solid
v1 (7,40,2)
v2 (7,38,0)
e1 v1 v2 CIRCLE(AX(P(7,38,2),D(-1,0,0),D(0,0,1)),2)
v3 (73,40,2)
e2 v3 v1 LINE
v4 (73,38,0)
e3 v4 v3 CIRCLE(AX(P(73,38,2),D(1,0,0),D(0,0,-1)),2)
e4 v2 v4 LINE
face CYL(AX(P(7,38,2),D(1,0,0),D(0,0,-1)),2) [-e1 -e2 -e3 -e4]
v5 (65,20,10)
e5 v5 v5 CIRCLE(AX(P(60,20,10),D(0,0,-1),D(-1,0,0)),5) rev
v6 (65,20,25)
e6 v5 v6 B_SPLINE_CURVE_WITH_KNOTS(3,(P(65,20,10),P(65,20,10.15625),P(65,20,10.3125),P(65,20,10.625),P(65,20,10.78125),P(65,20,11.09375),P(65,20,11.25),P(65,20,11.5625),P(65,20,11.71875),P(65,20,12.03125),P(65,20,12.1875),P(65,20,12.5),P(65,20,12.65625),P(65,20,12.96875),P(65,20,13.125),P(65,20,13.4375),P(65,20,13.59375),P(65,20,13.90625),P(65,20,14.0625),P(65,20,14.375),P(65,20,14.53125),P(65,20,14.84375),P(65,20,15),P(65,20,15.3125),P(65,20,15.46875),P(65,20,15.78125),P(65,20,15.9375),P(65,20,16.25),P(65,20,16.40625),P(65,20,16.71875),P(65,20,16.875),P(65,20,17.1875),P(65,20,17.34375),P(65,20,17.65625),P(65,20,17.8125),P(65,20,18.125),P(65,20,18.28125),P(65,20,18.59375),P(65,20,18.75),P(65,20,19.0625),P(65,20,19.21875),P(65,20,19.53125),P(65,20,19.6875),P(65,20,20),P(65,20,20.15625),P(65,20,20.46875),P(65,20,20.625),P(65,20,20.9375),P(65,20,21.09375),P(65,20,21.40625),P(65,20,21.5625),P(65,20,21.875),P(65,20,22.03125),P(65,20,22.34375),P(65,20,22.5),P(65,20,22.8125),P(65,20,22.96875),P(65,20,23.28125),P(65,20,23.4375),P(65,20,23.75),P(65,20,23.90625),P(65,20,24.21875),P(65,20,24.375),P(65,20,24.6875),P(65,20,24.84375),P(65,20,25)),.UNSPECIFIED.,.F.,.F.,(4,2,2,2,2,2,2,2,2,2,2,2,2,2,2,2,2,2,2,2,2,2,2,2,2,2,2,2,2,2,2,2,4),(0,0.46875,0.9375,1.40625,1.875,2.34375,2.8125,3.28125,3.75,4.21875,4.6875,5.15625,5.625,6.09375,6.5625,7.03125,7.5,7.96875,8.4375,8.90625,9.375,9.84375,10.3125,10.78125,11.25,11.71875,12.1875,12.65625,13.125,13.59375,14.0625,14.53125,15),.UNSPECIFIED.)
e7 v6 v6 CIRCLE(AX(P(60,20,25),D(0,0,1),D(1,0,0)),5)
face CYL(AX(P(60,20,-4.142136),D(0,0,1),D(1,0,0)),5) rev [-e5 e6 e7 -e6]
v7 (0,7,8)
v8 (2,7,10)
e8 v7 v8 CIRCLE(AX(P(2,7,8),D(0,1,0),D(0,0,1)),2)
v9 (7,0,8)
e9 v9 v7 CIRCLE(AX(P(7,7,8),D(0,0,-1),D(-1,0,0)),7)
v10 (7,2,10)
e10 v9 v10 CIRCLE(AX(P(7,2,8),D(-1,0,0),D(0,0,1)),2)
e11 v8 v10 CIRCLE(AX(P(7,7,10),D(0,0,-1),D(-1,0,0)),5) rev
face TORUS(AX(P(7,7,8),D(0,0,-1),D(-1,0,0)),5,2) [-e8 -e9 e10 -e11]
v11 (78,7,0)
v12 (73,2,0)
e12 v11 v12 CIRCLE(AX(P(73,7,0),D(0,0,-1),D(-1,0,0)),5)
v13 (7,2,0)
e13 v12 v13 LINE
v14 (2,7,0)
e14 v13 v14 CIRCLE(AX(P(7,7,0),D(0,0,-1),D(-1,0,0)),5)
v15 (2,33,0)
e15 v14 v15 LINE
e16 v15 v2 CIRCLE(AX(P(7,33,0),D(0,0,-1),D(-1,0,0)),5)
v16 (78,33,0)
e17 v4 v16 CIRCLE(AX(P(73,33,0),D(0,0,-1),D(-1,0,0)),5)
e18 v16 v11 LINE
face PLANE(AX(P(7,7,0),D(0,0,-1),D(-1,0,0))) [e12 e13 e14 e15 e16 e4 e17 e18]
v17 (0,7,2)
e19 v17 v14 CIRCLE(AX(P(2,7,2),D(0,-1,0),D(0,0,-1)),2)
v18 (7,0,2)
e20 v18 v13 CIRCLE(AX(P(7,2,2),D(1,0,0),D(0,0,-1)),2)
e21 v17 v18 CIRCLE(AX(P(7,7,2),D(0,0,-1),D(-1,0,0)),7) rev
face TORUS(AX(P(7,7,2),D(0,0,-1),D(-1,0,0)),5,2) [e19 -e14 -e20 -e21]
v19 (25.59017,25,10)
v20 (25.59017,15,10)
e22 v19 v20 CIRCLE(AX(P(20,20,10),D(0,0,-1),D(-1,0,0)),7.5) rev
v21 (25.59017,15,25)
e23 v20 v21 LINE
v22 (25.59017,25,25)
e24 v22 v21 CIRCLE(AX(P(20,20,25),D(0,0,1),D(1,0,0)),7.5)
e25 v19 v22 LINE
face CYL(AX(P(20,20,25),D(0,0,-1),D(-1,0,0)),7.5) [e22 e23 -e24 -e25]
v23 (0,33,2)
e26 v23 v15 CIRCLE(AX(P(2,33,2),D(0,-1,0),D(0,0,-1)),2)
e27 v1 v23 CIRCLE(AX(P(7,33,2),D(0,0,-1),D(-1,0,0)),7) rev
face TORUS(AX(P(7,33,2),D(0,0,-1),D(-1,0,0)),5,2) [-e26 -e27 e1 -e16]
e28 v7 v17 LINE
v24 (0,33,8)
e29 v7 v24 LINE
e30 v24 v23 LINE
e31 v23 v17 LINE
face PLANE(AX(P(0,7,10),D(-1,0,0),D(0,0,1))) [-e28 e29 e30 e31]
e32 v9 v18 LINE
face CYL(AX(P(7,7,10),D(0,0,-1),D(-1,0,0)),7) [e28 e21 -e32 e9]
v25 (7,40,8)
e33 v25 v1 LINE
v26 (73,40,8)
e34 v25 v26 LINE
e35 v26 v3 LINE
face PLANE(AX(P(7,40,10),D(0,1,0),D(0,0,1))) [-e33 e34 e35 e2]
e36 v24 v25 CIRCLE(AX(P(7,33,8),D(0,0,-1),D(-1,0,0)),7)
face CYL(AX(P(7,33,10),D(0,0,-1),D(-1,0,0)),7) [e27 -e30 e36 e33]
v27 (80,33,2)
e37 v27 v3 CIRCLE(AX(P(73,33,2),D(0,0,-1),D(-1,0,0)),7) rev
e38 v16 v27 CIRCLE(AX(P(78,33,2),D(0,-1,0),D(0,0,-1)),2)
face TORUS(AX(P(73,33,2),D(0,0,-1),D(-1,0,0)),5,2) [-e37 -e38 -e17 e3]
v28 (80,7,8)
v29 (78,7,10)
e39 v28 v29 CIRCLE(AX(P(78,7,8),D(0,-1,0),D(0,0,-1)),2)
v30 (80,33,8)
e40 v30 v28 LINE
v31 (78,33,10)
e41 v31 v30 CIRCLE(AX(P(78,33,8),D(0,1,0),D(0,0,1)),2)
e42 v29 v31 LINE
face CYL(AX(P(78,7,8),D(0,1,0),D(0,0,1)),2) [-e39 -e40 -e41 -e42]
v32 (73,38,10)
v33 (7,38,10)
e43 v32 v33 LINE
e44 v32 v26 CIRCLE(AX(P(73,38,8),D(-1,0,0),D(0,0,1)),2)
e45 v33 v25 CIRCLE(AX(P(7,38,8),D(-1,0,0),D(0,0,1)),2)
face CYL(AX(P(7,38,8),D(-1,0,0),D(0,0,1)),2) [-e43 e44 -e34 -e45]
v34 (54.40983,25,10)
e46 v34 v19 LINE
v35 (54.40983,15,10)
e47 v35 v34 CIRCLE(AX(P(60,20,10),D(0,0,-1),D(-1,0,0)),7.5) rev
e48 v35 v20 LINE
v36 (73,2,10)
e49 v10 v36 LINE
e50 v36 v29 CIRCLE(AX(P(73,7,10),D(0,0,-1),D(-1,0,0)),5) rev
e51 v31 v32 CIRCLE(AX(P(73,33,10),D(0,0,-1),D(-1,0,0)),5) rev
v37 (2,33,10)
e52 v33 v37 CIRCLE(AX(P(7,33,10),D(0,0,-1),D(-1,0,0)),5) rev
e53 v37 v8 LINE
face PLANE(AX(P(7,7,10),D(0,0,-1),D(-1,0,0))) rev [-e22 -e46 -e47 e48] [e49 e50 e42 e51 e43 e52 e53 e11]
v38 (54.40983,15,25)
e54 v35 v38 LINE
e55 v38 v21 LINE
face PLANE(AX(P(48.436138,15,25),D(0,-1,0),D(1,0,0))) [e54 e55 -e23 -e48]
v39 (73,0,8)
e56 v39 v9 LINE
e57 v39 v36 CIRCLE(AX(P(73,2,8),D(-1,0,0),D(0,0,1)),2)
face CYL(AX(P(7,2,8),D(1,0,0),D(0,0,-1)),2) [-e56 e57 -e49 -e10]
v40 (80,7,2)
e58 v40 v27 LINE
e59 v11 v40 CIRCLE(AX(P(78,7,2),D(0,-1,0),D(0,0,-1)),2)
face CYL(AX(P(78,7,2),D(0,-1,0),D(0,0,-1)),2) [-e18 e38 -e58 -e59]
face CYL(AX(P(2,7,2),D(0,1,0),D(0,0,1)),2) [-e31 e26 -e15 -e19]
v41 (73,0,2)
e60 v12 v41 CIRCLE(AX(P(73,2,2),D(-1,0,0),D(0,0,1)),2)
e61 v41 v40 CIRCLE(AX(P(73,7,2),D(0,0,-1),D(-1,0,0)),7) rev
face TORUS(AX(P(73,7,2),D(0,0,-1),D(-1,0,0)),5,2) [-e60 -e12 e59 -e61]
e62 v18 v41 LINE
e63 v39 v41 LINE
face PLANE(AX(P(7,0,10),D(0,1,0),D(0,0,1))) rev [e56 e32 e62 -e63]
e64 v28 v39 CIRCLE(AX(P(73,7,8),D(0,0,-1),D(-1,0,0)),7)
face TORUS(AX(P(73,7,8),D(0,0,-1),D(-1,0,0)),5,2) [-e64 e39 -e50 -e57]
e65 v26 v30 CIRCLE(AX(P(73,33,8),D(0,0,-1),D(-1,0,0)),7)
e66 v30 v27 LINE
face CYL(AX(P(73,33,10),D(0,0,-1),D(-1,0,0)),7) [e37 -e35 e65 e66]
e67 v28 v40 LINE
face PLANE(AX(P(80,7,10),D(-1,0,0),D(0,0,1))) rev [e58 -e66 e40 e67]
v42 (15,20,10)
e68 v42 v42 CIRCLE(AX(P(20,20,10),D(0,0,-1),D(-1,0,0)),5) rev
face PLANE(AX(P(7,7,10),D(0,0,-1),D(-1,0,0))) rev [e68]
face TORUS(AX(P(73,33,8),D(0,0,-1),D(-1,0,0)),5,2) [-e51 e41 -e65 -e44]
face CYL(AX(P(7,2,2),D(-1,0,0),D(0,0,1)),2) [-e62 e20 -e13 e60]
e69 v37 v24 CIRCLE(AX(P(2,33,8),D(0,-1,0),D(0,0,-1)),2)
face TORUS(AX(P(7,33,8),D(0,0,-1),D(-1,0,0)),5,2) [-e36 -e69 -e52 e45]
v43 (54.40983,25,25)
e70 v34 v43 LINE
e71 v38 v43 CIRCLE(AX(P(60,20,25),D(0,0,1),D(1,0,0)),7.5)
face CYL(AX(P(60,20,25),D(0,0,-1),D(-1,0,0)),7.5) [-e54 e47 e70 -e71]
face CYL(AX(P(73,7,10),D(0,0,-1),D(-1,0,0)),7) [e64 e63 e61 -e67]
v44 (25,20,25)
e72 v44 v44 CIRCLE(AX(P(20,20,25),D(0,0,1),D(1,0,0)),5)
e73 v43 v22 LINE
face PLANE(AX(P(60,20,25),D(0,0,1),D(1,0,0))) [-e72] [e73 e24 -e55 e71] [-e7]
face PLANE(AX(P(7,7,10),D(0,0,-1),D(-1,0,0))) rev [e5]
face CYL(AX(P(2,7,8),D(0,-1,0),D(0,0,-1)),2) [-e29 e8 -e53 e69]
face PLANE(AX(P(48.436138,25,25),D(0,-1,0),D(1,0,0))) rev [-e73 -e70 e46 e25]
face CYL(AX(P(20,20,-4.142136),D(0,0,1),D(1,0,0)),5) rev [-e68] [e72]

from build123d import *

# Parameters (mm, degrees)
BOSS_EXTRUDE1_DEPTH = 10
FILLET1_R           = 2
FILLET2_R           = 2
SKETCH2_R           = 7.5
BOSS_EXTRUDE3_DEPTH = 15
SKETCH3_R           = 5
CUT_EXTRUDE1_DEPTH  = 15
SKETCH4_R           = 5
CUT_EXTRUDE2_DEPTH  = 15
RIB1_REACH          = 94.871
SKETCH5_WALLS_W     = 202.74175621
SKETCH5_WALLS_H     = 10


with BuildPart() as part:
    # Sketch1 → Boss-Extrude1 (new body)
    with BuildSketch(Plane.XY):
        with BuildLine():
            Line((7, 0), (73, 0))
            ThreePointArc((73, 0), (77.949747468, 2.050252532), (80, 7))
            Line((80, 7), (80, 33))
            ThreePointArc((80, 33), (77.949747468, 37.949747468), (73, 40))
            Line((73, 40), (7, 40))
            ThreePointArc((7, 40), (2.050252532, 37.949747468), (0, 33))
            Line((0, 33), (0, 7))
            ThreePointArc((0, 7), (2.050252532, 2.050252532), (7, 0))
        make_face()
    extrude(amount=BOSS_EXTRUDE1_DEPTH)

    # Fillet1
    fillet1_edges = [part.edges().sort_by_distance(p)[0] for p in [
        (40, 40, 0),
        (2.050252532, 37.949747468, 0),
        (0, 20, 0),
        (2.050252532, 2.050252532, 0),
        (40, 0, 0),
        (77.949747468, 2.050252532, 0),
        (80, 20, 0),
        (77.949747468, 37.949747468, 0),
    ]]
    fillet(fillet1_edges, radius=FILLET1_R)

    # Fillet2
    fillet2_edges = [part.edges().sort_by_distance(p)[0] for p in [
        (2.050252532, 37.949747468, 10),
        (40, 40, 10),
        (77.949747468, 37.949747468, 10),
        (80, 20, 10),
        (77.949747468, 2.050252532, 10),
        (40, 0, 10),
        (2.050252532, 2.050252532, 10),
        (0, 20, 10),
    ]]
    fillet(fillet2_edges, radius=FILLET2_R)

    # Sketch2 → Boss-Extrude3 (add)
    with BuildSketch(Plane.XY.offset(10)):
        with Locations(Location((20, 20, 0), (0, 0, 180))):
            Circle(SKETCH2_R)
        with Locations(Location((60, 20, 0), (0, 0, 180))):
            Circle(SKETCH2_R)
    extrude(amount=BOSS_EXTRUDE3_DEPTH)

    # Sketch3 → Cut-Extrude1 (cut)
    with BuildSketch(Plane.XY.offset(25)):
        with Locations((20, 20)):
            Circle(SKETCH3_R)
    extrude(amount=-CUT_EXTRUDE1_DEPTH, mode=Mode.SUBTRACT)

    # Sketch4 → Cut-Extrude2 (cut)
    with BuildSketch(Plane.XY.offset(25)):
        with Locations((60, 20)):
            Circle(SKETCH4_R)
    extrude(amount=-CUT_EXTRUDE2_DEPTH, mode=Mode.SUBTRACT)

    # Sketch5 walls → Rib1 (add, up to next)
    with BuildSketch(Plane.XY.offset(25), mode=Mode.PRIVATE) as rib1_sk1:
        with Locations((40.936137708, 20)):
            Rectangle(SKETCH5_WALLS_W, SKETCH5_WALLS_H)
    rib1_tool1 = extrude(rib1_sk1.sketch, amount=-RIB1_REACH, mode=Mode.PRIVATE) - part.part
    add(rib1_tool1.solids().sort_by_distance((40.936137708, 20, 25))[0])


solid = part.part
